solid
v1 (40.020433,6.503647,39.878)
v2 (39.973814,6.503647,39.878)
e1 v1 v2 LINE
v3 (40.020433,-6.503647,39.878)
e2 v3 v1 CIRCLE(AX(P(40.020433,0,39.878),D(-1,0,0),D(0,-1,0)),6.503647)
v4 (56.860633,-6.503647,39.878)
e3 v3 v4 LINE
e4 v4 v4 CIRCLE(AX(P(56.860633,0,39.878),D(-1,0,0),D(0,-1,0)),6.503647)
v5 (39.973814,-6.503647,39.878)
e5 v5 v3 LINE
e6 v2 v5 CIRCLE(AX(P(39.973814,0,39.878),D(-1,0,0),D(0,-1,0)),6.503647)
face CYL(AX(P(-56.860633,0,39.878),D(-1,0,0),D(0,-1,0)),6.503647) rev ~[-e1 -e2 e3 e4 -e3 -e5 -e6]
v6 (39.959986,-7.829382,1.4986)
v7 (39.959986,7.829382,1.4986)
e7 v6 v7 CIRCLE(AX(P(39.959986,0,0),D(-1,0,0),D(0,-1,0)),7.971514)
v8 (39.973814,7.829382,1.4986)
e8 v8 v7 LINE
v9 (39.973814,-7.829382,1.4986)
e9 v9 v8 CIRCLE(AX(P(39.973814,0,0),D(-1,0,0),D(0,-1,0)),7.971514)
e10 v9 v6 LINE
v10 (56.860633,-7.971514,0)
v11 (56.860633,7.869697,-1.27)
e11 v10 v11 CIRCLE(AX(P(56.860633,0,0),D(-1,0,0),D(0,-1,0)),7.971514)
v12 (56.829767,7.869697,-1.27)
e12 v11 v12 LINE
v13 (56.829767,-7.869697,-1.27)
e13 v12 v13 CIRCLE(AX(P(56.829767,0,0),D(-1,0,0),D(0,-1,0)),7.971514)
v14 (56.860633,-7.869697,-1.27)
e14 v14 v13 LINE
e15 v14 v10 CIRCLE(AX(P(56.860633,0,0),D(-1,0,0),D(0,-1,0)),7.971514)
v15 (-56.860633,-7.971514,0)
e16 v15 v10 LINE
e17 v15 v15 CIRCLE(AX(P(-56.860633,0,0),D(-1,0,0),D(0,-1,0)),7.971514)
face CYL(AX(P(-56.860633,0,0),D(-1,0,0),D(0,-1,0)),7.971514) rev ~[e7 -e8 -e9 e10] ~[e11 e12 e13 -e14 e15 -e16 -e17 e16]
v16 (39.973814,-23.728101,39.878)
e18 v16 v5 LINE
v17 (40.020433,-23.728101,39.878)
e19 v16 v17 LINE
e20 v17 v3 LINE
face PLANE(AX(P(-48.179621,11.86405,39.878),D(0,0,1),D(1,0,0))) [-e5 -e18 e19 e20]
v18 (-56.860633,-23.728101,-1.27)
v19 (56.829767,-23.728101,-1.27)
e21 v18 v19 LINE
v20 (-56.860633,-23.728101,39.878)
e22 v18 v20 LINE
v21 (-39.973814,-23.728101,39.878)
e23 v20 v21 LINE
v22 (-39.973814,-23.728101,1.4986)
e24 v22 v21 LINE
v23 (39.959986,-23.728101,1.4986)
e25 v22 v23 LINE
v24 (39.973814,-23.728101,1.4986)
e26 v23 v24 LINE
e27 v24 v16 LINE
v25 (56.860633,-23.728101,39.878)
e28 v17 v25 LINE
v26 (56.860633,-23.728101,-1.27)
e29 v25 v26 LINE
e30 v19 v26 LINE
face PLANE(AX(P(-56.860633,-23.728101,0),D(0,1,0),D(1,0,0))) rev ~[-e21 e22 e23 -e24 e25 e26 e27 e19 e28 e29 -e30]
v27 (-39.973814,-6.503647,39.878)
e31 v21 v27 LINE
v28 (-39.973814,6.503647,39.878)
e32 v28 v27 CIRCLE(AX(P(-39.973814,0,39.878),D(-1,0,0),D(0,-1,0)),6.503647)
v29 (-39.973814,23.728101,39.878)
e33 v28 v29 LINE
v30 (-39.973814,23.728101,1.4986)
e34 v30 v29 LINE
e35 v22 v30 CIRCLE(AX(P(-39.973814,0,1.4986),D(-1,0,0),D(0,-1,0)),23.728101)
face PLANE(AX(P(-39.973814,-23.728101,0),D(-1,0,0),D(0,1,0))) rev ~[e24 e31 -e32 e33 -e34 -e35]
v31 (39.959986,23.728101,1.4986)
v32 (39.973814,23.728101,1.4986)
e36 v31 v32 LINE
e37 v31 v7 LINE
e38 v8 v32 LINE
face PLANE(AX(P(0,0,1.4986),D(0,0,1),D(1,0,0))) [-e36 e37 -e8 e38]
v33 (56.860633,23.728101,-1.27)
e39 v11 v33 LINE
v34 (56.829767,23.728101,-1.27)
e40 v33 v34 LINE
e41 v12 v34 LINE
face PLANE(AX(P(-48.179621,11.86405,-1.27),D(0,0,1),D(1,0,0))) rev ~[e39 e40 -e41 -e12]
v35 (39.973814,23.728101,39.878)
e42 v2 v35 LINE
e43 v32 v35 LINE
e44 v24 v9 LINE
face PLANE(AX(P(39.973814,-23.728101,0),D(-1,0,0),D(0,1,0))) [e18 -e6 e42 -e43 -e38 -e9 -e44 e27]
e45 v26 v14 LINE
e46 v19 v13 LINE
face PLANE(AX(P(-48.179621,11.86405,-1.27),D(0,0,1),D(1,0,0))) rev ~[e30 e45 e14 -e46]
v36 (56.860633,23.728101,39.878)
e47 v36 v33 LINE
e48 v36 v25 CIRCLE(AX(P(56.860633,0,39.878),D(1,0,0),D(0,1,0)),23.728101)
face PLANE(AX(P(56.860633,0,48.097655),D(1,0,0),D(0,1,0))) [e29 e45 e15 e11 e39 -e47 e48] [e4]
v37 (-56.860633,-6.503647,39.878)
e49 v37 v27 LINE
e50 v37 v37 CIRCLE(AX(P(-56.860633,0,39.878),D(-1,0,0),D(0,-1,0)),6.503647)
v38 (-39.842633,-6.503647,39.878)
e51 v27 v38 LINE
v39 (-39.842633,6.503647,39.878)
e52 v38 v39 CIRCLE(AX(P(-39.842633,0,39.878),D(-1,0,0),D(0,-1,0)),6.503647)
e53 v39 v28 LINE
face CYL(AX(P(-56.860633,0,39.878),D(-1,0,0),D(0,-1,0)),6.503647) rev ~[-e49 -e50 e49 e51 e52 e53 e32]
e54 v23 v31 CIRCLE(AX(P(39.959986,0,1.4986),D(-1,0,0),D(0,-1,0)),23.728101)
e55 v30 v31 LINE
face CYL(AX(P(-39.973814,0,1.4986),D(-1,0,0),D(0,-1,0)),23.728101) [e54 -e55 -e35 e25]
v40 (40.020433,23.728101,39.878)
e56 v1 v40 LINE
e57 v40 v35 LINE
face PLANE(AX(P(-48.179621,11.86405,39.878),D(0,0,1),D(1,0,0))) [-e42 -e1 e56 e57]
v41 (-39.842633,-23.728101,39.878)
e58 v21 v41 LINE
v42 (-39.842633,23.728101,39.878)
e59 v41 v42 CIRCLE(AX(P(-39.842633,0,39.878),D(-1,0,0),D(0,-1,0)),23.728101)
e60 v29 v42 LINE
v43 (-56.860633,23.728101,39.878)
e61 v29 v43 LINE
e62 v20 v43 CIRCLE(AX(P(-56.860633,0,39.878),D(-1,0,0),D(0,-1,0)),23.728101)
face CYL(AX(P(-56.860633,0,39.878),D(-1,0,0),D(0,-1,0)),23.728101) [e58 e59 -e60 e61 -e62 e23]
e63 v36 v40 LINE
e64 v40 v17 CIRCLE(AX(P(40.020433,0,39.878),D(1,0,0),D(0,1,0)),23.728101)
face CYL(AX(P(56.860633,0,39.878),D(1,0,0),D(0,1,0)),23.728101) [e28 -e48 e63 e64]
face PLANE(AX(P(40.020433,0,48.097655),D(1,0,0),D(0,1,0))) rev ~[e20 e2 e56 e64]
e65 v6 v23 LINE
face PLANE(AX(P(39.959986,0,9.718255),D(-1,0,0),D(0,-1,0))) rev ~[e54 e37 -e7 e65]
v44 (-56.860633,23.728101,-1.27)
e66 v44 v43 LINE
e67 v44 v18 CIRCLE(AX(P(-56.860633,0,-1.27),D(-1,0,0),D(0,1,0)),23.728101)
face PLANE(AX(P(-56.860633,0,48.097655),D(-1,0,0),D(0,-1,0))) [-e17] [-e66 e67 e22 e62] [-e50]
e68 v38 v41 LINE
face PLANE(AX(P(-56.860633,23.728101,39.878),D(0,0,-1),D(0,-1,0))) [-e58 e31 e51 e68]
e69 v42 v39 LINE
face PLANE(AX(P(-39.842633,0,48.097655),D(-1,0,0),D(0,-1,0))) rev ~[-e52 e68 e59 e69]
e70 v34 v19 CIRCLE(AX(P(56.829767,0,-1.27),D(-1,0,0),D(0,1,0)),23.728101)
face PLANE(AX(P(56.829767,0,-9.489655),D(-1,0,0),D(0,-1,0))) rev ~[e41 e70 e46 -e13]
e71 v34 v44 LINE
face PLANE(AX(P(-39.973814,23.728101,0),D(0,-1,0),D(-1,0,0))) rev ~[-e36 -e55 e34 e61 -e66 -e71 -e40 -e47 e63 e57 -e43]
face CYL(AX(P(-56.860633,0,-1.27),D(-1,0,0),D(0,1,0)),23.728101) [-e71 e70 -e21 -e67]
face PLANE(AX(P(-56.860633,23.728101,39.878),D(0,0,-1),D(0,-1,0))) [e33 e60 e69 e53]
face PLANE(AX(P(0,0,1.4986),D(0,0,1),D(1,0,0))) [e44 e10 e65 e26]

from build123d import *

# Parameters (mm, degrees)
F0_W      = 17.3620246351
F0_H      = 23.728100583
F1_DEPTH  = 1.27
F3_DEPTH  = 113.6904
F4_W      = 79.9476280808
F4_H      = 47.4562011659
F5_DEPTH  = 1.4986
F7_DEPTH  = 79.9338
F8_DEPTH  = 39.878
F10_DEPTH = 17.018
F12_DEPTH = 16.8402
F13_R     = 6.5036466471
F14_DEPTH = 198.628
F15_R     = 7.9715135089
F16_DEPTH = 343.916


with BuildPart() as f1:
    # F0 (on Top) → F1 (new body)
    with BuildSketch(Plane.XY):
        with Locations((-48.1796208769, 11.8640502915)):
            Rectangle(F0_W, F0_H)
        with Locations((-48.1796208769, -11.8640502915)):
            Rectangle(F0_W, F0_H)
        Polygon((39.4986085594, 0), (39.4986085594, 23.728100583), (-39.4986085594, 23.728100583), (-39.4986085594, 0), (-39.4986085594, -23.728100583), (39.4986085594, -23.728100583), align=None)
        with Locations((48.1796208769, 11.8640502915)):
            Rectangle(F0_W, F0_H)
        with Locations((48.1796208769, -11.8640502915)):
            Rectangle(F0_W, F0_H)
    extrude(amount=-F1_DEPTH)

    # F2 (on face) → F3 (join)
    with BuildSketch(Plane(origin=(-56.8606331944, 0, 0), x_dir=(0, -1, 0), z_dir=(-1, 0, 0))):
        with BuildLine():
            Line((23.728100583, -1.27), (-23.728100583, -1.27))
            ThreePointArc((-23.728100583, -1.27), (0, -24.998100583), (23.728100583, -1.27))
        make_face()
    extrude(amount=-F3_DEPTH)

    # F4 (on face) → F5 (join)
    with BuildSketch(Plane.XY):
        Rectangle(F4_W, F4_H)
    extrude(amount=F5_DEPTH)

    # F6 (on face) → F7 (join)
    with BuildSketch(Plane(origin=(-39.9738140404, 0, 0), x_dir=(0, -1, 0), z_dir=(-1, 0, 0))):
        with BuildLine():
            Line((-23.728100583, 1.4986), (23.728100583, 1.4986))
            ThreePointArc((23.728100583, 1.4986), (0, 25.226700583), (-23.728100583, 1.4986))
        make_face()
    extrude(amount=-F7_DEPTH)

    # F8 (add): faces of the model
    f8_faces = [f1.faces().sort_by_distance(p)[0] for p in [
        (-48.4172236174, 0, 0),
        (48.4172236174, 0, 0),
    ]]
    extrude(f8_faces, amount=F8_DEPTH)

    # F9 (on face) → F10 (join)
    with BuildSketch(Plane(origin=(-56.8606331944, 0, 0), x_dir=(0, -1, 0), z_dir=(-1, 0, 0))):
        with BuildLine():
            Line((-23.728100583, 39.878), (23.728100583, 39.878))
            ThreePointArc((23.728100583, 39.878), (0, 63.606100583), (-23.728100583, 39.878))
        make_face()
    extrude(amount=-F10_DEPTH)

    # F11 (on face) → F12 (join)
    with BuildSketch(Plane.YZ.offset(56.8606331944)):
        with BuildLine():
            Line((-23.728100583, 39.878), (23.728100583, 39.878))
            ThreePointArc((23.728100583, 39.878), (0, 63.606100583), (-23.728100583, 39.878))
        make_face()
    extrude(amount=-F12_DEPTH)

    # F13 (on face) → F14 (cut)
    with BuildSketch(Plane(origin=(-56.8606331944, 0, 0), x_dir=(0, -1, 0), z_dir=(-1, 0, 0))):
        with Locations((0, 39.878)):
            Circle(F13_R)
    extrude(amount=-F14_DEPTH, mode=Mode.SUBTRACT)

    # F15 (on face) → F16 (cut)
    with BuildSketch(Plane(origin=(-56.8606331944, 0, 0), x_dir=(0, -1, 0), z_dir=(-1, 0, 0))):
        Circle(F15_R)
    extrude(amount=-F16_DEPTH, mode=Mode.SUBTRACT)


solid = f1.part
